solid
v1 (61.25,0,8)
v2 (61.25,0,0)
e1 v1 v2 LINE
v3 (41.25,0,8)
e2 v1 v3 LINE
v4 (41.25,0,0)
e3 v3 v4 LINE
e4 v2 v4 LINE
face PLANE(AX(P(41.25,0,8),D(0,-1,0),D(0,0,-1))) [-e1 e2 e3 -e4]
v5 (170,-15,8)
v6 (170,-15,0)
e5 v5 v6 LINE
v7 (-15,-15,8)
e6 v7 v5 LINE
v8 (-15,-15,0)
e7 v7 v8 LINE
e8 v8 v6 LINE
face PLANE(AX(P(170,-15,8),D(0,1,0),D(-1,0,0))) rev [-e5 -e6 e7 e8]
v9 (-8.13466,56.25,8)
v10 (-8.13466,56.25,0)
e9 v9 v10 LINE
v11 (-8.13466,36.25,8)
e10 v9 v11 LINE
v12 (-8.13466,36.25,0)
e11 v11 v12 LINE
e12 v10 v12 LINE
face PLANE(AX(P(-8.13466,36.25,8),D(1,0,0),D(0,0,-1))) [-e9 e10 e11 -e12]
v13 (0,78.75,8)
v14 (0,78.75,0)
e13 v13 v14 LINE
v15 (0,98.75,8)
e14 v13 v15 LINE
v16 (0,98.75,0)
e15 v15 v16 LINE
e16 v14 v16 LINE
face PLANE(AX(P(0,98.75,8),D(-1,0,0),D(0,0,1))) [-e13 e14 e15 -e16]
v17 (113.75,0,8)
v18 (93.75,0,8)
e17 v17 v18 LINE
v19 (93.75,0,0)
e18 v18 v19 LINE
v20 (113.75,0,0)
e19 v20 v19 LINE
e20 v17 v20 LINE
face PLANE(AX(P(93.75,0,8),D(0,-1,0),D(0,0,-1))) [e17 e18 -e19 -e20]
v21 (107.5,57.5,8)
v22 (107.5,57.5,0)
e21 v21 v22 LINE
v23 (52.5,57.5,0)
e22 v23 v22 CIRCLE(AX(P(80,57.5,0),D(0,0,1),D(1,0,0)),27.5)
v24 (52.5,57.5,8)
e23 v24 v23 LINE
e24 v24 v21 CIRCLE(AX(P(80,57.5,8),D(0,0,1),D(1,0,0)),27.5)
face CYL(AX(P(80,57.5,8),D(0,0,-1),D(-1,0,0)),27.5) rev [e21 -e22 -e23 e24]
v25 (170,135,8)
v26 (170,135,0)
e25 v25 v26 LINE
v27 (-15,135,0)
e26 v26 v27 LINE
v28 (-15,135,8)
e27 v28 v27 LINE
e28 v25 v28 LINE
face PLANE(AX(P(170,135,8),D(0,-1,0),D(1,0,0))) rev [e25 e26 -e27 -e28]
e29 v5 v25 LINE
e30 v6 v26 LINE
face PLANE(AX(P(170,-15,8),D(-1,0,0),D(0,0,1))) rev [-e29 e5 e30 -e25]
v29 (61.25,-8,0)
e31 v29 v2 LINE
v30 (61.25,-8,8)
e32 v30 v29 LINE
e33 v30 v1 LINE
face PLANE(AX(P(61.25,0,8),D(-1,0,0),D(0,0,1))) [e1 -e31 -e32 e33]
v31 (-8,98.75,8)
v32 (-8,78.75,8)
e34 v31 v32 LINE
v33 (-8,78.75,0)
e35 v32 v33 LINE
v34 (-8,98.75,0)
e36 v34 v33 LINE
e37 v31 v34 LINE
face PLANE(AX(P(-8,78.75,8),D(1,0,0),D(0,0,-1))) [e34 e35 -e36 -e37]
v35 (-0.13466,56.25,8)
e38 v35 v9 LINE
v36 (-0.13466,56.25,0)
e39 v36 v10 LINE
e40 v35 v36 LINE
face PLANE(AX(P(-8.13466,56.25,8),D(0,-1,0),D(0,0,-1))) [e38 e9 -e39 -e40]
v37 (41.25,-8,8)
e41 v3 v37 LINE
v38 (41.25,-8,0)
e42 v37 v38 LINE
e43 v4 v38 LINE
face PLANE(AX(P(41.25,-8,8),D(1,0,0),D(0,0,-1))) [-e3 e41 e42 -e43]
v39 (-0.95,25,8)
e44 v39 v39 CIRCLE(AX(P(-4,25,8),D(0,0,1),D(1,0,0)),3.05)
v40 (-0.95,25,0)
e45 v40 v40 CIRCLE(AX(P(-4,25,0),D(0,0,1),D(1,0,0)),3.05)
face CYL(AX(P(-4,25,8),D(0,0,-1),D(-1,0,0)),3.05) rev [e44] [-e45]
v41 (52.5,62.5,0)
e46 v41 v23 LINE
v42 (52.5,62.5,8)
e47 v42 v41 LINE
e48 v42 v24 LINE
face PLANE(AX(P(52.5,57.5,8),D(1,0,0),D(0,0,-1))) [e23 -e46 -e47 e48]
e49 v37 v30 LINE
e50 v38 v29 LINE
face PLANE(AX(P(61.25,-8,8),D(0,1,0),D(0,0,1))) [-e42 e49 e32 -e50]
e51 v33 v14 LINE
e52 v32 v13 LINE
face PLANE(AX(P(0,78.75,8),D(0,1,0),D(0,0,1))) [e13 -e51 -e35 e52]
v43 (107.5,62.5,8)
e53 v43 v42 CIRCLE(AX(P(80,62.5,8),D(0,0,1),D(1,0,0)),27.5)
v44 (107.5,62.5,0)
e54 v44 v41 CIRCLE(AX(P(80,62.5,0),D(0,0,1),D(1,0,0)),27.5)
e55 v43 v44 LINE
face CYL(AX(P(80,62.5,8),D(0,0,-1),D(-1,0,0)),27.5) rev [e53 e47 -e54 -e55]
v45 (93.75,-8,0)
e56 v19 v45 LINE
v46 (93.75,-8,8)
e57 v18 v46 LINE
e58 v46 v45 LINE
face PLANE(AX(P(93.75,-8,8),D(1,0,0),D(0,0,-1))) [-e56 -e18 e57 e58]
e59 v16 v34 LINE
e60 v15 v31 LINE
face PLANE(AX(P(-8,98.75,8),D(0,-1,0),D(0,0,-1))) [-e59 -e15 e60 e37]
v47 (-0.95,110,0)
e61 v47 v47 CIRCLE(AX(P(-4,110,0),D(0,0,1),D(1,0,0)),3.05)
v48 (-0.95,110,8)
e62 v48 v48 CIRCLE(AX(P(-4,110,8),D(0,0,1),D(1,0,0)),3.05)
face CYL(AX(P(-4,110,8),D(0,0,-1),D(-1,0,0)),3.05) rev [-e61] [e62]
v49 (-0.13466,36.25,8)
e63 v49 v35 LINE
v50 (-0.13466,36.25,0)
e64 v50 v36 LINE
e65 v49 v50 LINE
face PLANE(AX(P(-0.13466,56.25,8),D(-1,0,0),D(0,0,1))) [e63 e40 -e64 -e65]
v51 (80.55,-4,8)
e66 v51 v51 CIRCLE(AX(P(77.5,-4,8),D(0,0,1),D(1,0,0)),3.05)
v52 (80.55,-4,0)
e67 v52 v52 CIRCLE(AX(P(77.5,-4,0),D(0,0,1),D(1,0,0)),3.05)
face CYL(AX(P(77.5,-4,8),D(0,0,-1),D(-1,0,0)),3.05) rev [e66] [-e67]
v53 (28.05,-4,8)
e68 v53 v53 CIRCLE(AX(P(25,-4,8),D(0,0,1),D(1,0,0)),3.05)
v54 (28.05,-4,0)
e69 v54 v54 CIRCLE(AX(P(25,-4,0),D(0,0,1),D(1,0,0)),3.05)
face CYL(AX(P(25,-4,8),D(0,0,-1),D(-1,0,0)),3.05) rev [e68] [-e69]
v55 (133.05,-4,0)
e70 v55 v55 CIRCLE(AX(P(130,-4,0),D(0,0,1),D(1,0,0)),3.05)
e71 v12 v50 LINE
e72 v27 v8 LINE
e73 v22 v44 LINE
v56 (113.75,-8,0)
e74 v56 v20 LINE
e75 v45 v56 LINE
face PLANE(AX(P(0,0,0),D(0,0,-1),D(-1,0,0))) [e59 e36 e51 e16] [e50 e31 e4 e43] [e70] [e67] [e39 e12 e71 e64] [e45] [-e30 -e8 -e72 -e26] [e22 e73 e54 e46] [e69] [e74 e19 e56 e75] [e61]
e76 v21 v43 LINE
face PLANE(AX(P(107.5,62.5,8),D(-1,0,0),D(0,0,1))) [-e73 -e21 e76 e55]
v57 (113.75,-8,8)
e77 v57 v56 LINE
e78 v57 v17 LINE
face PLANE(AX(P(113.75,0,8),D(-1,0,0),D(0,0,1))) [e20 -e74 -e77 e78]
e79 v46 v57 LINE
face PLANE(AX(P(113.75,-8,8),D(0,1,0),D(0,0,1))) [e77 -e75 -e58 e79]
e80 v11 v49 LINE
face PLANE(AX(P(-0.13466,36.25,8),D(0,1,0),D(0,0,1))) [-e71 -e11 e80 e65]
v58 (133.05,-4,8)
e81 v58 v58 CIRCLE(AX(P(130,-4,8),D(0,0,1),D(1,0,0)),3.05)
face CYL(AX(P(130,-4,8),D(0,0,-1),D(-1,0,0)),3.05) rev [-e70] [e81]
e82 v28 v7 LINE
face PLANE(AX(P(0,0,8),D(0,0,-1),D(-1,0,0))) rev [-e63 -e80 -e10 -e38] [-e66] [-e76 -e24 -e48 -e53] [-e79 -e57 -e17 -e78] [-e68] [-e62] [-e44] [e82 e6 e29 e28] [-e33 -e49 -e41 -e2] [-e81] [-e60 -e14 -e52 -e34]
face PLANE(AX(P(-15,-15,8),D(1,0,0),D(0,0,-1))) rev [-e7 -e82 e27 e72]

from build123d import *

# Parameters (mm, degrees)
MODEL_W             = 185
MODEL_H             = 150
MODEL_R             = 3.05
MODEL_W_2           = 20
MODEL_H_2           = 8
MODEL_W_3           = 8
MODEL_H_3           = 20
BOSS_EXTRUDE1_DEPTH = 8


with BuildPart() as part:
    # Model → Boss-Extrude1 (new body)
    with BuildSketch(Plane.XY):
        with Locations((77.5, 60)):
            Rectangle(MODEL_W, MODEL_H)
        with Locations((130, -4)):
            Circle(MODEL_R, mode=Mode.SUBTRACT)
        with Locations((25, -4)):
            Circle(MODEL_R, mode=Mode.SUBTRACT)
        with Locations((-4, 25)):
            Circle(MODEL_R, mode=Mode.SUBTRACT)
        with Locations((-4, 110)):
            Circle(MODEL_R, mode=Mode.SUBTRACT)
        with Locations((77.5, -4)):
            Circle(MODEL_R, mode=Mode.SUBTRACT)
        with Locations((103.75, -4)):
            Rectangle(MODEL_W_2, MODEL_H_2, mode=Mode.SUBTRACT)
        with BuildLine():
            Line((52.5, 57.5), (52.5, 62.5))
            ThreePointArc((52.5, 62.5), (80, 90), (107.5, 62.5))
            Line((107.5, 62.5), (107.5, 57.5))
            ThreePointArc((107.5, 57.5), (80, 30), (52.5, 57.5))
        make_face(mode=Mode.SUBTRACT)
        with Locations((51.25, -4)):
            Rectangle(MODEL_W_2, MODEL_H_2, mode=Mode.SUBTRACT)
        with Locations((-4, 88.75)):
            Rectangle(MODEL_W_3, MODEL_H_3, mode=Mode.SUBTRACT)
        with Locations((-4.13466, 46.25)):
            Rectangle(MODEL_W_3, MODEL_H_3, mode=Mode.SUBTRACT)
    extrude(amount=BOSS_EXTRUDE1_DEPTH)


solid = part.part
